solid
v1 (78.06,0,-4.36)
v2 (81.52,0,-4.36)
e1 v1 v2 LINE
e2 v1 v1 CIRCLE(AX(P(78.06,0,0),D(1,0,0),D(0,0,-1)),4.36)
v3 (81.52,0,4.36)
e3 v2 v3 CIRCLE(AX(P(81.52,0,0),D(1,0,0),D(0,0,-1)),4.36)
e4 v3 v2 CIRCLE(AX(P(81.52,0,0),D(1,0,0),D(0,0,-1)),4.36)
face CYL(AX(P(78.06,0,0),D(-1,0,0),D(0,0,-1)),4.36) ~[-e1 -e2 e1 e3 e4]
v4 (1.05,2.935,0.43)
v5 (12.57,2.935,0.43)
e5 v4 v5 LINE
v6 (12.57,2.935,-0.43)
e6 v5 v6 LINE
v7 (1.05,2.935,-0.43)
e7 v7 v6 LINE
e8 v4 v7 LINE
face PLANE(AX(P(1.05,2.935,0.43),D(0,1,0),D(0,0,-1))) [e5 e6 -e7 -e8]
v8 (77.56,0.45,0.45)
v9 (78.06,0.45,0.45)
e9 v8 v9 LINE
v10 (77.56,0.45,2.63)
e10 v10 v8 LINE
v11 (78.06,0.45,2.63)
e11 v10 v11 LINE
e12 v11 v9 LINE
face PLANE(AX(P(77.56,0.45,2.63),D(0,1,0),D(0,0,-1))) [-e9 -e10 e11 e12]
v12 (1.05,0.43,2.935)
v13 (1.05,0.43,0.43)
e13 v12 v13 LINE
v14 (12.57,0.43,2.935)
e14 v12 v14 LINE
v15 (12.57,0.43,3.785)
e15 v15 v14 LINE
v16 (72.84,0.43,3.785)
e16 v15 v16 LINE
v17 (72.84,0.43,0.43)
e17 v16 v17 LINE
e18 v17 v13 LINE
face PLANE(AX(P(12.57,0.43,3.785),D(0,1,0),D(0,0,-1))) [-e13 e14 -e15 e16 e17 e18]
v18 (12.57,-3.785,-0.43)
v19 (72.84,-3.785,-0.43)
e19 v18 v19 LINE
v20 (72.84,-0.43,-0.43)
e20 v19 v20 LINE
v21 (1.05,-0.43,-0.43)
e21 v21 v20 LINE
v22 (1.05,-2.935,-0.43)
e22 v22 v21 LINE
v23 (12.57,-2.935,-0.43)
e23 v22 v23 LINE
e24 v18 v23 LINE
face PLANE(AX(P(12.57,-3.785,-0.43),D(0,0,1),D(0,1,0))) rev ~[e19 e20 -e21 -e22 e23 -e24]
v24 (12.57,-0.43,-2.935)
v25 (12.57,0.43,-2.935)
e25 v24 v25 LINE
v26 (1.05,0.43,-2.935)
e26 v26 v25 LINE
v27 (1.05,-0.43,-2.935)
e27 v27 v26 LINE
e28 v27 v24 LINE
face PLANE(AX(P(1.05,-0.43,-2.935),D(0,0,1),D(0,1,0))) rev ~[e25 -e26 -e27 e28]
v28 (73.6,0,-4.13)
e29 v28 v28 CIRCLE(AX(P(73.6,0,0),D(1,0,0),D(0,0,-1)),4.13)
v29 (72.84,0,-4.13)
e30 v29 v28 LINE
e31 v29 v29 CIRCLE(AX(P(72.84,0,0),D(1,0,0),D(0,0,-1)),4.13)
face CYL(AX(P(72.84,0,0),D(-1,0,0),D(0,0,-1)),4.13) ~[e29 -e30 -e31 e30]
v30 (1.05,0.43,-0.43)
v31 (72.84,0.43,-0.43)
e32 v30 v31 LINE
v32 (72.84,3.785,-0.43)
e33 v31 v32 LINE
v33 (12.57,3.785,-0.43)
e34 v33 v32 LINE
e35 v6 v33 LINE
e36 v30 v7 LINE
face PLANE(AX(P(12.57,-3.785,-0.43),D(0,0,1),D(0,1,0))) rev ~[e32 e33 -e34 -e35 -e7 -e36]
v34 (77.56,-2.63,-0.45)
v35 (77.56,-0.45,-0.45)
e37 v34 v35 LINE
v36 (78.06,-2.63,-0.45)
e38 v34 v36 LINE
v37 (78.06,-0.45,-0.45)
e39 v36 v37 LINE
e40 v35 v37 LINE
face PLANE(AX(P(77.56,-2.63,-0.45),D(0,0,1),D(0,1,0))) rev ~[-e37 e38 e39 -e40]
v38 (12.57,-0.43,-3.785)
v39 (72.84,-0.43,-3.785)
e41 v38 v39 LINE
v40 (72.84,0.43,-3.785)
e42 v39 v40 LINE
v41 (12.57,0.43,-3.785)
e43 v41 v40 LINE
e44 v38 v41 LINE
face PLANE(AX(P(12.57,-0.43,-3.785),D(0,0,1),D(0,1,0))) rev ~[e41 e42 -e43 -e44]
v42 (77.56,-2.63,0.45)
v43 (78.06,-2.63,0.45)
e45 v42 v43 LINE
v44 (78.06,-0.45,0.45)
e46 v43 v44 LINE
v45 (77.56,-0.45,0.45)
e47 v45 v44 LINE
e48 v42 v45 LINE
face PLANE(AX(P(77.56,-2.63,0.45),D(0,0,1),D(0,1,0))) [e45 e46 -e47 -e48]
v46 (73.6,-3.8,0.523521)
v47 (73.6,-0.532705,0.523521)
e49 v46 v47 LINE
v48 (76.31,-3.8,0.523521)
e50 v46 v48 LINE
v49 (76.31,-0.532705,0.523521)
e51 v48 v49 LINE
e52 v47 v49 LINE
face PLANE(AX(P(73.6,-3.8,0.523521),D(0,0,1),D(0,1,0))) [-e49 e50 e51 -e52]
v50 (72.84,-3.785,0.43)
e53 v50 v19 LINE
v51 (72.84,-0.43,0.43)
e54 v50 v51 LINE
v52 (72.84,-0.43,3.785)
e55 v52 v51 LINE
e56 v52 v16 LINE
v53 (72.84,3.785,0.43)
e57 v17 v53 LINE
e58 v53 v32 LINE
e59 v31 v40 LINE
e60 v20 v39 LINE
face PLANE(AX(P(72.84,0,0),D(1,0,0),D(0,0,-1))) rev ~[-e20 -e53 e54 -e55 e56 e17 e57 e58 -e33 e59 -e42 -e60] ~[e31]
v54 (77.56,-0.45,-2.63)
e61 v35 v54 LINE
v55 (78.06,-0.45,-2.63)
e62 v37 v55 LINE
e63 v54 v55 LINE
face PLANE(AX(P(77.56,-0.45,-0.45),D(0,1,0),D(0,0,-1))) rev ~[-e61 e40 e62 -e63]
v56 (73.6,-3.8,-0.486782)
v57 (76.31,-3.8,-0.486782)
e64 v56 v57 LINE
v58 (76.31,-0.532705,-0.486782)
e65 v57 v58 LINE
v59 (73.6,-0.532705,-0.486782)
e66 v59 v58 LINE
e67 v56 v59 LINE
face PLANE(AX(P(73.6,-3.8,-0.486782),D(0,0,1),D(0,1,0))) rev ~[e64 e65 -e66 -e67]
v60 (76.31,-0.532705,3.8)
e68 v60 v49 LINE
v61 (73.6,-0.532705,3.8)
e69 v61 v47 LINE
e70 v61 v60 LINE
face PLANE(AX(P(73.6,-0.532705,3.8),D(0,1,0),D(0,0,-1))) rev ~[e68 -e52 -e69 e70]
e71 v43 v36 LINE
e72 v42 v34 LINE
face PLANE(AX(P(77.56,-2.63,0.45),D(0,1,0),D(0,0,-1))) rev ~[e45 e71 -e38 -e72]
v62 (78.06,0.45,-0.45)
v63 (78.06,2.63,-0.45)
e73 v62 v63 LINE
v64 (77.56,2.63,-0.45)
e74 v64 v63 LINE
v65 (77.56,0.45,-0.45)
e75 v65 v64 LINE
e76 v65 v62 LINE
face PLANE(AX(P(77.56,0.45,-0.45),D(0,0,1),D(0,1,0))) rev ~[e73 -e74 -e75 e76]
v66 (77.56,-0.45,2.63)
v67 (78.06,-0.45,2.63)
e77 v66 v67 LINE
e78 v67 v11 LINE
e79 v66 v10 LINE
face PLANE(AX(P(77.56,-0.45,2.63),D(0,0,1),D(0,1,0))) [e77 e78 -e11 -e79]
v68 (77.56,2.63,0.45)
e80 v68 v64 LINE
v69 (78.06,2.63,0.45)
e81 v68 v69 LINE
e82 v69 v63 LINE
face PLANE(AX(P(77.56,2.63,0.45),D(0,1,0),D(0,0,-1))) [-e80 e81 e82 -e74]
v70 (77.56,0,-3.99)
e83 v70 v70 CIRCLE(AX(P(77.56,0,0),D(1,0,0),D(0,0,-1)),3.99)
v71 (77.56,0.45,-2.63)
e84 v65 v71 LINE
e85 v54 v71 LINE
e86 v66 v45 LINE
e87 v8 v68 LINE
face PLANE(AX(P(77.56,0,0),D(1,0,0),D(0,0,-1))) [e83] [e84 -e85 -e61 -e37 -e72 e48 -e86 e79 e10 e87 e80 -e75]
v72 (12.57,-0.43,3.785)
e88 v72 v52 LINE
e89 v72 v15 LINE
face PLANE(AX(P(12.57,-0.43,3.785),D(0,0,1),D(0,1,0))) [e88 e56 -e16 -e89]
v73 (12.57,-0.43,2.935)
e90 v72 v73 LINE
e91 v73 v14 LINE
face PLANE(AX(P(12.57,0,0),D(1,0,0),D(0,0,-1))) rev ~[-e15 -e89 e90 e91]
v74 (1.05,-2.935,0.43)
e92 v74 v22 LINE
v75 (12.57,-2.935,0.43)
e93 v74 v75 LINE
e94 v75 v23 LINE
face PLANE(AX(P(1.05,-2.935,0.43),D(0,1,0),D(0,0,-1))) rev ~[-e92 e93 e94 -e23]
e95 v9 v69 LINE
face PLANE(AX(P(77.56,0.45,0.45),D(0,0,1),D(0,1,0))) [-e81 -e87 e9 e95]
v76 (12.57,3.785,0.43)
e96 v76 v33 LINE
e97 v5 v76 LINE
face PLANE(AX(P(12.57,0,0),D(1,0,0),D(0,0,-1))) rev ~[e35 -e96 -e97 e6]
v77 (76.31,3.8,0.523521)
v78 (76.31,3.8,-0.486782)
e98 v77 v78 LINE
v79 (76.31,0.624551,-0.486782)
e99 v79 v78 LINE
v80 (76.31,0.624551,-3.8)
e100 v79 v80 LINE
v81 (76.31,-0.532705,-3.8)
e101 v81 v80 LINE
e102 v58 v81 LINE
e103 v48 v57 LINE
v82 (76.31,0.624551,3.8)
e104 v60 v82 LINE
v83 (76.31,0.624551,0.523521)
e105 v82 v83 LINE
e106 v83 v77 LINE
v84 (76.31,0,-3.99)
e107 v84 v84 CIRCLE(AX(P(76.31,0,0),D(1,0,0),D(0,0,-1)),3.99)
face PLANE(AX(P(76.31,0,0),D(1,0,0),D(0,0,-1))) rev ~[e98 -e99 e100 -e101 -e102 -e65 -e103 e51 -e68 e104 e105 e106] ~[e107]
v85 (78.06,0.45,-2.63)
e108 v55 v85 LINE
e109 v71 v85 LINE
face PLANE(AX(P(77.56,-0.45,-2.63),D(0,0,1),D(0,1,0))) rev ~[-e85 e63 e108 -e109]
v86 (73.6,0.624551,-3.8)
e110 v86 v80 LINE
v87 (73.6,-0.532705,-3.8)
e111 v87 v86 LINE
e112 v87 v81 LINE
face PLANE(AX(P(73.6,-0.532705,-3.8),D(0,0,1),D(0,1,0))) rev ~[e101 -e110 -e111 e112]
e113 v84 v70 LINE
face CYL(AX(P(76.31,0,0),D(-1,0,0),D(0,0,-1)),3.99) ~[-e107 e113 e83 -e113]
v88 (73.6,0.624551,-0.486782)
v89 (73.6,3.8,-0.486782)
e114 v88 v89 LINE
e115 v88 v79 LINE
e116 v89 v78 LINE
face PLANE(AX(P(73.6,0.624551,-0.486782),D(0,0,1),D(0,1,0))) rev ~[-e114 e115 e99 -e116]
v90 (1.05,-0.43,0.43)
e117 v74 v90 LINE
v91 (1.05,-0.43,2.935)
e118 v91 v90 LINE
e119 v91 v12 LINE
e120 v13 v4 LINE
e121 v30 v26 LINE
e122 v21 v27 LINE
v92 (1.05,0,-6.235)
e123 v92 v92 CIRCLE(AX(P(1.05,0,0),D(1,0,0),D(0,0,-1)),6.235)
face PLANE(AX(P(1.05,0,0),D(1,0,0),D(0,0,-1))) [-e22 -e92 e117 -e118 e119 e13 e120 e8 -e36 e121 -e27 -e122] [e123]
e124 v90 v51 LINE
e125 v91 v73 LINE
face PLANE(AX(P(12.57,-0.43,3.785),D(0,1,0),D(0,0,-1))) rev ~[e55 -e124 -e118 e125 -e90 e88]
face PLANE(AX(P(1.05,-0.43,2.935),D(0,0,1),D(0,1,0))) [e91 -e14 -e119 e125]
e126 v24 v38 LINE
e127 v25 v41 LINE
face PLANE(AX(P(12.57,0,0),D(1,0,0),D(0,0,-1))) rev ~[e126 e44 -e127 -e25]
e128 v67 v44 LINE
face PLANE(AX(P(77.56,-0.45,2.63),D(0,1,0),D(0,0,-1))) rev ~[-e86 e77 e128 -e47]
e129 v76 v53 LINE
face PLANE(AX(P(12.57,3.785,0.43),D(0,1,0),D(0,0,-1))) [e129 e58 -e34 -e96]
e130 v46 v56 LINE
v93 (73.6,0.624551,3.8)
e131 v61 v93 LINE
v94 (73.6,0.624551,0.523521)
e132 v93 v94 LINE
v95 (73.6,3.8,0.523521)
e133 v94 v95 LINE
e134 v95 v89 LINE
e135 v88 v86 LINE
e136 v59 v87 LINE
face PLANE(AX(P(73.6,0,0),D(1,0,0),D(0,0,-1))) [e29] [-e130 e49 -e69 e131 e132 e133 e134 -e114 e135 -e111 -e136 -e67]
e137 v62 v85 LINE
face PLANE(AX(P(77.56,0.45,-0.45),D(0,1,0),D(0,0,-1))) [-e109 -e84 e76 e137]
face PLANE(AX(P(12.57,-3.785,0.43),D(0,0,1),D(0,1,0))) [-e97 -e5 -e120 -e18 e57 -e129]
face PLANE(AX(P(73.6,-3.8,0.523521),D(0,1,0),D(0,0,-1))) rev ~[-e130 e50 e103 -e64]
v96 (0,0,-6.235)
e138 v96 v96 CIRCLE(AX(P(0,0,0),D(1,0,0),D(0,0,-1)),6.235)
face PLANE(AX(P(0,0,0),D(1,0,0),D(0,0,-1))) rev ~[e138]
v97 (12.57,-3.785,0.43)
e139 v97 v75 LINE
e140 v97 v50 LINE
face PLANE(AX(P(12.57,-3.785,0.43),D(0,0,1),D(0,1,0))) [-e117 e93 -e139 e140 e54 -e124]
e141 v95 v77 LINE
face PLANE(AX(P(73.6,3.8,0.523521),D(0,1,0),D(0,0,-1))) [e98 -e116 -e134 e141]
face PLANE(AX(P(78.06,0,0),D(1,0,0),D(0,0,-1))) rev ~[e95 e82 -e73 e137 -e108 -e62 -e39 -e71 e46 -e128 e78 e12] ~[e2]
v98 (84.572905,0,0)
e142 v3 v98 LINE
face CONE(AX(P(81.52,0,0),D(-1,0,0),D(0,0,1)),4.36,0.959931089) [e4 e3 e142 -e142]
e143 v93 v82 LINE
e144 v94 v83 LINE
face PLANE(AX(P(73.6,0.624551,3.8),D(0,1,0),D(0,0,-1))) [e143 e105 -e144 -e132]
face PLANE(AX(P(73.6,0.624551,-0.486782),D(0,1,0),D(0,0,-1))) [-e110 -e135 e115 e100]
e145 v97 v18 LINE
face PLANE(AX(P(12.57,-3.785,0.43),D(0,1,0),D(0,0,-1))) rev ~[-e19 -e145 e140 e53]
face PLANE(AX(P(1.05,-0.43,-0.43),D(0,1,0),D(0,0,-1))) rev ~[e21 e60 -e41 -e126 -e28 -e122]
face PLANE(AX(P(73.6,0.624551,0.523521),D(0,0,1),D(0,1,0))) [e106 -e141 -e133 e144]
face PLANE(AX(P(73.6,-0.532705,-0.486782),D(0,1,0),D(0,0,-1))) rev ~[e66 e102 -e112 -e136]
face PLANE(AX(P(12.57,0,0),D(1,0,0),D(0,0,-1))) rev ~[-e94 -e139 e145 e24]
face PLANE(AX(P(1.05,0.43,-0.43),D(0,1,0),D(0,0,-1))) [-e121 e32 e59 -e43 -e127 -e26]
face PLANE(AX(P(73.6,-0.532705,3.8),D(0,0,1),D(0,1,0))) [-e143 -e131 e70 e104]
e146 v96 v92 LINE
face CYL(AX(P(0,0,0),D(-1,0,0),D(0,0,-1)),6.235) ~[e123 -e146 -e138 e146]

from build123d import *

# Parameters (mm, degrees)
SKETCH1_R            = 6.235
BOSS_EXTRUDE1_DEPTH  = 1.05
SKETCH2_W            = 5.87
SKETCH2_H            = 0.86
SKETCH2_W_2          = 0.86
SKETCH2_H_2          = 5.87
BOSS_EXTRUDE5_DEPTH  = 11.52
SKETCH10_W           = 0.86
SKETCH10_H           = 7.57
BOSS_EXTRUDE6_DEPTH  = 60.27
SKETCH11_W           = 7.57
SKETCH11_H           = 0.86
BOSS_EXTRUDE8_DEPTH  = 60.27
SKETCH15_R           = 4.13
BOSS_EXTRUDE9_DEPTH  = 0.76
SKETCH16_W           = 1.010303068
SKETCH16_H           = 7.6
SKETCH16_W_2         = 7.6
SKETCH16_H_2         = 1.157256242
BOSS_EXTRUDE10_DEPTH = 2.71
SKETCH17_R           = 3.99
BOSS_EXTRUDE11_DEPTH = 1.25
SKETCH18_W           = 2.18
SKETCH18_H           = 0.9
SKETCH18_W_2         = 0.9
SKETCH18_H_2         = 2.18
BOSS_EXTRUDE13_DEPTH = 0.5
SKETCH19_R           = 4.36
BOSS_EXTRUDE14_DEPTH = 3.46


with BuildPart() as part:
    # Sketch1 → Boss-Extrude1 (new body)
    with BuildSketch(Plane(origin=(0, 0, 0), x_dir=(0, 0, -1), z_dir=(1, 0, 0))):
        Circle(SKETCH1_R)
    extrude(amount=BOSS_EXTRUDE1_DEPTH)

    # Sketch2 → Boss-Extrude5 (add)
    with BuildSketch(Plane(origin=(1.05, 0, 0), x_dir=(0, 0, -1), z_dir=(1, 0, 0))):
        Rectangle(SKETCH2_W, SKETCH2_H)
        Rectangle(SKETCH2_W_2, SKETCH2_H_2)
    extrude(amount=BOSS_EXTRUDE5_DEPTH)

    # Sketch10 → Boss-Extrude6 (add)
    with BuildSketch(Plane(origin=(12.57, 0, 0), x_dir=(0, 0, -1), z_dir=(1, 0, 0))):
        Rectangle(SKETCH10_W, SKETCH10_H)
    extrude(amount=BOSS_EXTRUDE6_DEPTH)

    # Sketch11 → Boss-Extrude8 (add)
    with BuildSketch(Plane(origin=(12.57, 0, 0), x_dir=(0, 0, -1), z_dir=(1, 0, 0))):
        Rectangle(SKETCH11_W, SKETCH11_H)
    extrude(amount=BOSS_EXTRUDE8_DEPTH)

    # Sketch15 → Boss-Extrude9 (add)
    with BuildSketch(Plane(origin=(72.84, 0, 0), x_dir=(0, 0, -1), z_dir=(1, 0, 0))):
        Circle(SKETCH15_R)
    extrude(amount=BOSS_EXTRUDE9_DEPTH)

    # Sketch16 → Boss-Extrude10 (add)
    with BuildSketch(Plane(origin=(73.6, 0, 0), x_dir=(0, 0, -1), z_dir=(1, 0, 0))):
        with Locations((-0.018369147, 0)):
            Rectangle(SKETCH16_W, SKETCH16_H)
        with Locations((0, 0.045922867)):
            Rectangle(SKETCH16_W_2, SKETCH16_H_2)
    extrude(amount=BOSS_EXTRUDE10_DEPTH)

    # Sketch17 → Boss-Extrude11 (add)
    with BuildSketch(Plane(origin=(76.31, 0, 0), x_dir=(0, 0, -1), z_dir=(1, 0, 0))):
        Circle(SKETCH17_R)
    extrude(amount=BOSS_EXTRUDE11_DEPTH)

    # Sketch18 → Boss-Extrude13 (add)
    with BuildSketch(Plane(origin=(77.56, 0, 0), x_dir=(0, 0, -1), z_dir=(1, 0, 0))):
        with Locations((1.54, 0)):
            Rectangle(SKETCH18_W, SKETCH18_H)
        with Locations((0, 1.54)):
            Rectangle(SKETCH18_W_2, SKETCH18_H_2)
        with Locations((-1.54, 0)):
            Rectangle(SKETCH18_W, SKETCH18_H)
        Rectangle(SKETCH18_W_2, SKETCH18_H)
        with Locations((0, -1.54)):
            Rectangle(SKETCH18_W_2, SKETCH18_H_2)
    extrude(amount=BOSS_EXTRUDE13_DEPTH)

    # Sketch19 → Boss-Extrude14 (add)
    with BuildSketch(Plane(origin=(78.06, 0, 0), x_dir=(0, 0, -1), z_dir=(1, 0, 0))):
        Circle(SKETCH19_R)
    extrude(amount=BOSS_EXTRUDE14_DEPTH)

    # Boss-Extrude15 cone 1 section (through the dimple's axis) → Boss-Extrude15 (revolve)
    with BuildSketch(Plane(origin=(81.52, 0, 0), x_dir=(0, 0, 1), z_dir=(0, 1, 0))):
        Polygon((0, 0), (4.36, 0), (0, 3.052904867), align=None)
    revolve(axis=Axis((81.52, 0, 0), (1, 0, 0)))


solid = part.part
